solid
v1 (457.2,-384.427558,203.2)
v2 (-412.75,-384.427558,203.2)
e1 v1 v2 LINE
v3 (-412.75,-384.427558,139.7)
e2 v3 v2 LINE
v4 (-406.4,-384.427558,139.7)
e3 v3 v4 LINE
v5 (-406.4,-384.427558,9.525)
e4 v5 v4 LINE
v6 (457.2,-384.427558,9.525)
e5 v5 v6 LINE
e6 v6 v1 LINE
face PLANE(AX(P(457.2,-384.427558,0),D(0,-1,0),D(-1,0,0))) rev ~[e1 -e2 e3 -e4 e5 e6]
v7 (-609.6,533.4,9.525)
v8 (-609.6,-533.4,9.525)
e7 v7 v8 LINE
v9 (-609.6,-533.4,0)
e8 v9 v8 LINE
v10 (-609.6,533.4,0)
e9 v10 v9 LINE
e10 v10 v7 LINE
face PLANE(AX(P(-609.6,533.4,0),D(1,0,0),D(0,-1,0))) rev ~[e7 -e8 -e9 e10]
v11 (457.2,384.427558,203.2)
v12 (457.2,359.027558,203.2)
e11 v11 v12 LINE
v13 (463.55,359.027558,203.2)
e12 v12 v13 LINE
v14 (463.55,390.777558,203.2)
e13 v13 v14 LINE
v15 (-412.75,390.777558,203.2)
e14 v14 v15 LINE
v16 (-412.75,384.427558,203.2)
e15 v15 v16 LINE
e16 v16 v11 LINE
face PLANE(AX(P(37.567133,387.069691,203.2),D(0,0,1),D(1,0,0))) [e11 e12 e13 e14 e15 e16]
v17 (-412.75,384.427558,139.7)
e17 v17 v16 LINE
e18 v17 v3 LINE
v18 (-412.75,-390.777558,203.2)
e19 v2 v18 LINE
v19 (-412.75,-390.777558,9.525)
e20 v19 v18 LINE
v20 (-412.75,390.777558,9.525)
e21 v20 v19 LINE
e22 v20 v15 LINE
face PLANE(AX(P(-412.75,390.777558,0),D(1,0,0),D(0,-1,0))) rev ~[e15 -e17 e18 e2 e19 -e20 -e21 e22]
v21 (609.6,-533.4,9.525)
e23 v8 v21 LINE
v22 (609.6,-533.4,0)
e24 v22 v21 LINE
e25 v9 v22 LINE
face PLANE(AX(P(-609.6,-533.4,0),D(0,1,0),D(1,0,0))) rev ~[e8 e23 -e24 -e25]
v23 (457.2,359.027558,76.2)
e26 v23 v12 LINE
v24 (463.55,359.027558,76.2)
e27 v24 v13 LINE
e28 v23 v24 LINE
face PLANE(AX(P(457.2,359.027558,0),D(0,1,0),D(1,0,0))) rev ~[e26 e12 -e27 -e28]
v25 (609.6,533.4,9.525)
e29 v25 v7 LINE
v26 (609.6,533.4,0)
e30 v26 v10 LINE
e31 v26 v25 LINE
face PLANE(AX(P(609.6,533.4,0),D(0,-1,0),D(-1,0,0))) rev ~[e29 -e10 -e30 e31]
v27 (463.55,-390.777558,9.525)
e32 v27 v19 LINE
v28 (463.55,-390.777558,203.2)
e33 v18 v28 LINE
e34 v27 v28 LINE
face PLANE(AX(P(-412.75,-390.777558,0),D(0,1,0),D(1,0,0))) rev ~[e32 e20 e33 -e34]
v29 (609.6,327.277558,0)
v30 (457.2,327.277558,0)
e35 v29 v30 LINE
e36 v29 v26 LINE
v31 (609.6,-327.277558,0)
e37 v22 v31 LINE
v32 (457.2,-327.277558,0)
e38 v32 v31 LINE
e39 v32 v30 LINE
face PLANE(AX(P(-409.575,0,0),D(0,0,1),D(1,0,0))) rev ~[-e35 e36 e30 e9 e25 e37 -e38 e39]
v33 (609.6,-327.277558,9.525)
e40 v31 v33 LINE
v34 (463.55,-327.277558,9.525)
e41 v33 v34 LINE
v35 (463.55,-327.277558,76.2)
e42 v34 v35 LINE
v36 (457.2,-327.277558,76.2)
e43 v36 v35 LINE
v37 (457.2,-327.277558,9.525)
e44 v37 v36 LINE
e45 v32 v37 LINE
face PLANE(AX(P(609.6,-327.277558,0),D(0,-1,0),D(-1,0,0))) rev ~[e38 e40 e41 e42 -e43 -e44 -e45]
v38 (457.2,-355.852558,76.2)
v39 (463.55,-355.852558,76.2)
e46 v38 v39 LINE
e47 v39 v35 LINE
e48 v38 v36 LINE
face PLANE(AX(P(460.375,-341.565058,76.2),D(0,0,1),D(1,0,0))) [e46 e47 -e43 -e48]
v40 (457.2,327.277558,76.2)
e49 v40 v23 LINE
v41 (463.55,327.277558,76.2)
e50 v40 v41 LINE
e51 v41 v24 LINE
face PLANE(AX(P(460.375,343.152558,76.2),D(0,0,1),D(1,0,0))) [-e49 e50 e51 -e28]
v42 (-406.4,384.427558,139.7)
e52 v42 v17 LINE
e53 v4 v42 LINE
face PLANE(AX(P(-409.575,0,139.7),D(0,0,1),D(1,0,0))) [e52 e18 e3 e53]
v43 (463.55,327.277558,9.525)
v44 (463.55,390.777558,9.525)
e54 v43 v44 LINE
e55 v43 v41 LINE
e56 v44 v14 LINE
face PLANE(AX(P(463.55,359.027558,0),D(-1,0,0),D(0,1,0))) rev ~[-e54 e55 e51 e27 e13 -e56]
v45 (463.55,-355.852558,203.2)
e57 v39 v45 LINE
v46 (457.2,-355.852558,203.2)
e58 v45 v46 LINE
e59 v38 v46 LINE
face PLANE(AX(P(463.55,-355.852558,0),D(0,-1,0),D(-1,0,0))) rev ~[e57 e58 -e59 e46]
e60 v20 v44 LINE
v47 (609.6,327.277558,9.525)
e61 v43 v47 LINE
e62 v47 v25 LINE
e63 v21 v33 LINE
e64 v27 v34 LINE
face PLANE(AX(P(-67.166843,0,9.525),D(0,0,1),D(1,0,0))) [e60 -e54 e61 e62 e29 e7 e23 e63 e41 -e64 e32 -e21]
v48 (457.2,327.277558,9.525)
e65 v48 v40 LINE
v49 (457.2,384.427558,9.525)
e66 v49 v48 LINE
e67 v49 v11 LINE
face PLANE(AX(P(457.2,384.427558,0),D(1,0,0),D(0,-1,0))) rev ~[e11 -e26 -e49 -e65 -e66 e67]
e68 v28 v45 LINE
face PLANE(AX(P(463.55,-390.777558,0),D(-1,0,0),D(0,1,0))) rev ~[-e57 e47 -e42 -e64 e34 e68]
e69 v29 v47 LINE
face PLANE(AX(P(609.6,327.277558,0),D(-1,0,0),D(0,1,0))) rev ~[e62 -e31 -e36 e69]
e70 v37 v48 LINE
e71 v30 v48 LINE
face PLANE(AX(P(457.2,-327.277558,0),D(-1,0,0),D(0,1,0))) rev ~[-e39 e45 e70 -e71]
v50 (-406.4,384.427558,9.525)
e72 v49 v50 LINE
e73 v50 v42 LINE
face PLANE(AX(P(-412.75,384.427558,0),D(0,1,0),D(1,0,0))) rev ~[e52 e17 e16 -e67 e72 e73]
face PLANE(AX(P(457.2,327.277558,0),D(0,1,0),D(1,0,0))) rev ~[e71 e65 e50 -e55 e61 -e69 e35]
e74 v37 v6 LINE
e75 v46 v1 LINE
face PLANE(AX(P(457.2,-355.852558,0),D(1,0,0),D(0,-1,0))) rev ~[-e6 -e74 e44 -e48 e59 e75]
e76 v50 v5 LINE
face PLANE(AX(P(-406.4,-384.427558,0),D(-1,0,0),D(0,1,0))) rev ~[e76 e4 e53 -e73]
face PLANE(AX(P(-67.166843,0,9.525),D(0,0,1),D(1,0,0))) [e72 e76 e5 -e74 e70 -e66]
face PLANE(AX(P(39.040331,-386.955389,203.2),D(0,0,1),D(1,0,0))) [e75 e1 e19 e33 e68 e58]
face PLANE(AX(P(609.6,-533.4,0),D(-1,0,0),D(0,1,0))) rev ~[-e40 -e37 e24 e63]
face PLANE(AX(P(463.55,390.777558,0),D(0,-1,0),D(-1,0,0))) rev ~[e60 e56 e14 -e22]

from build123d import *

# Parameters (mm, degrees)
F0_W     = 6.35
F0_H     = 28.575
F0_H_2   = 31.75
F1_DEPTH = 9.525
F2_DEPTH = 76.2
F3_DEPTH = 203.2
F4_DEPTH = 139.7
F5_DEPTH = 203.2


with BuildPart() as f1:
    # F0 (on Top) → F1 (new body)
    with BuildSketch(Plane.XY):
        Polygon((-609.6, -533.4), (609.6, -533.4), (609.6, -327.277558), (463.55, -327.277558), (463.55, -355.852558), (463.55, -390.777558), (457.2, -390.777558), (-412.75, -390.777558), (-412.75, -384.427558), (-412.75, 0), (-412.75, 384.427558), (-412.75, 390.777558), (457.2, 390.777558), (463.55, 390.777558), (463.55, 359.027558), (463.55, 327.277558), (609.6, 327.277558), (609.6, 533.4), (-609.6, 533.4), (-609.6, 0), align=None)
        with Locations((460.375, -341.565058)):
            Rectangle(F0_W, F0_H)
        Polygon((457.2, -355.852558), (457.2, -327.277558), (457.2, 0), (457.2, 327.277558), (457.2, 359.027558), (457.2, 384.427558), (-406.4, 384.427558), (-406.4, 0), (-406.4, -384.427558), (457.2, -384.427558), align=None)
        with Locations((460.375, 343.152558)):
            Rectangle(F0_W, F0_H_2)
    extrude(amount=F1_DEPTH)

    # F0 (on Top) → F2 (join)
    with BuildSketch(Plane.XY):
        with Locations((460.375, 343.152558)):
            Rectangle(F0_W, F0_H_2)
        with Locations((460.375, -341.565058)):
            Rectangle(F0_W, F0_H)
    extrude(amount=F2_DEPTH)

    # F0 (on Top) → F3 (join)
    with BuildSketch(Plane.XY):
        Polygon((463.55, -390.777558), (463.55, -355.852558), (457.2, -355.852558), (457.2, -384.427558), (-406.4, -384.427558), (-412.75, -384.427558), (-412.75, -390.777558), (457.2, -390.777558), align=None)
    extrude(amount=F3_DEPTH)

    # F0 (on Top) → F4 (join)
    with BuildSketch(Plane.XY):
        Polygon((-412.75, -384.427558), (-406.4, -384.427558), (-406.4, 0), (-406.4, 384.427558), (-412.75, 384.427558), (-412.75, 0), align=None)
    extrude(amount=F4_DEPTH)

    # F0 (on Top) → F5 (join)
    with BuildSketch(Plane.XY):
        Polygon((457.2, 384.427558), (457.2, 359.027558), (463.55, 359.027558), (463.55, 390.777558), (457.2, 390.777558), (-412.75, 390.777558), (-412.75, 384.427558), (-406.4, 384.427558), align=None)
    extrude(amount=F5_DEPTH)


solid = f1.part
